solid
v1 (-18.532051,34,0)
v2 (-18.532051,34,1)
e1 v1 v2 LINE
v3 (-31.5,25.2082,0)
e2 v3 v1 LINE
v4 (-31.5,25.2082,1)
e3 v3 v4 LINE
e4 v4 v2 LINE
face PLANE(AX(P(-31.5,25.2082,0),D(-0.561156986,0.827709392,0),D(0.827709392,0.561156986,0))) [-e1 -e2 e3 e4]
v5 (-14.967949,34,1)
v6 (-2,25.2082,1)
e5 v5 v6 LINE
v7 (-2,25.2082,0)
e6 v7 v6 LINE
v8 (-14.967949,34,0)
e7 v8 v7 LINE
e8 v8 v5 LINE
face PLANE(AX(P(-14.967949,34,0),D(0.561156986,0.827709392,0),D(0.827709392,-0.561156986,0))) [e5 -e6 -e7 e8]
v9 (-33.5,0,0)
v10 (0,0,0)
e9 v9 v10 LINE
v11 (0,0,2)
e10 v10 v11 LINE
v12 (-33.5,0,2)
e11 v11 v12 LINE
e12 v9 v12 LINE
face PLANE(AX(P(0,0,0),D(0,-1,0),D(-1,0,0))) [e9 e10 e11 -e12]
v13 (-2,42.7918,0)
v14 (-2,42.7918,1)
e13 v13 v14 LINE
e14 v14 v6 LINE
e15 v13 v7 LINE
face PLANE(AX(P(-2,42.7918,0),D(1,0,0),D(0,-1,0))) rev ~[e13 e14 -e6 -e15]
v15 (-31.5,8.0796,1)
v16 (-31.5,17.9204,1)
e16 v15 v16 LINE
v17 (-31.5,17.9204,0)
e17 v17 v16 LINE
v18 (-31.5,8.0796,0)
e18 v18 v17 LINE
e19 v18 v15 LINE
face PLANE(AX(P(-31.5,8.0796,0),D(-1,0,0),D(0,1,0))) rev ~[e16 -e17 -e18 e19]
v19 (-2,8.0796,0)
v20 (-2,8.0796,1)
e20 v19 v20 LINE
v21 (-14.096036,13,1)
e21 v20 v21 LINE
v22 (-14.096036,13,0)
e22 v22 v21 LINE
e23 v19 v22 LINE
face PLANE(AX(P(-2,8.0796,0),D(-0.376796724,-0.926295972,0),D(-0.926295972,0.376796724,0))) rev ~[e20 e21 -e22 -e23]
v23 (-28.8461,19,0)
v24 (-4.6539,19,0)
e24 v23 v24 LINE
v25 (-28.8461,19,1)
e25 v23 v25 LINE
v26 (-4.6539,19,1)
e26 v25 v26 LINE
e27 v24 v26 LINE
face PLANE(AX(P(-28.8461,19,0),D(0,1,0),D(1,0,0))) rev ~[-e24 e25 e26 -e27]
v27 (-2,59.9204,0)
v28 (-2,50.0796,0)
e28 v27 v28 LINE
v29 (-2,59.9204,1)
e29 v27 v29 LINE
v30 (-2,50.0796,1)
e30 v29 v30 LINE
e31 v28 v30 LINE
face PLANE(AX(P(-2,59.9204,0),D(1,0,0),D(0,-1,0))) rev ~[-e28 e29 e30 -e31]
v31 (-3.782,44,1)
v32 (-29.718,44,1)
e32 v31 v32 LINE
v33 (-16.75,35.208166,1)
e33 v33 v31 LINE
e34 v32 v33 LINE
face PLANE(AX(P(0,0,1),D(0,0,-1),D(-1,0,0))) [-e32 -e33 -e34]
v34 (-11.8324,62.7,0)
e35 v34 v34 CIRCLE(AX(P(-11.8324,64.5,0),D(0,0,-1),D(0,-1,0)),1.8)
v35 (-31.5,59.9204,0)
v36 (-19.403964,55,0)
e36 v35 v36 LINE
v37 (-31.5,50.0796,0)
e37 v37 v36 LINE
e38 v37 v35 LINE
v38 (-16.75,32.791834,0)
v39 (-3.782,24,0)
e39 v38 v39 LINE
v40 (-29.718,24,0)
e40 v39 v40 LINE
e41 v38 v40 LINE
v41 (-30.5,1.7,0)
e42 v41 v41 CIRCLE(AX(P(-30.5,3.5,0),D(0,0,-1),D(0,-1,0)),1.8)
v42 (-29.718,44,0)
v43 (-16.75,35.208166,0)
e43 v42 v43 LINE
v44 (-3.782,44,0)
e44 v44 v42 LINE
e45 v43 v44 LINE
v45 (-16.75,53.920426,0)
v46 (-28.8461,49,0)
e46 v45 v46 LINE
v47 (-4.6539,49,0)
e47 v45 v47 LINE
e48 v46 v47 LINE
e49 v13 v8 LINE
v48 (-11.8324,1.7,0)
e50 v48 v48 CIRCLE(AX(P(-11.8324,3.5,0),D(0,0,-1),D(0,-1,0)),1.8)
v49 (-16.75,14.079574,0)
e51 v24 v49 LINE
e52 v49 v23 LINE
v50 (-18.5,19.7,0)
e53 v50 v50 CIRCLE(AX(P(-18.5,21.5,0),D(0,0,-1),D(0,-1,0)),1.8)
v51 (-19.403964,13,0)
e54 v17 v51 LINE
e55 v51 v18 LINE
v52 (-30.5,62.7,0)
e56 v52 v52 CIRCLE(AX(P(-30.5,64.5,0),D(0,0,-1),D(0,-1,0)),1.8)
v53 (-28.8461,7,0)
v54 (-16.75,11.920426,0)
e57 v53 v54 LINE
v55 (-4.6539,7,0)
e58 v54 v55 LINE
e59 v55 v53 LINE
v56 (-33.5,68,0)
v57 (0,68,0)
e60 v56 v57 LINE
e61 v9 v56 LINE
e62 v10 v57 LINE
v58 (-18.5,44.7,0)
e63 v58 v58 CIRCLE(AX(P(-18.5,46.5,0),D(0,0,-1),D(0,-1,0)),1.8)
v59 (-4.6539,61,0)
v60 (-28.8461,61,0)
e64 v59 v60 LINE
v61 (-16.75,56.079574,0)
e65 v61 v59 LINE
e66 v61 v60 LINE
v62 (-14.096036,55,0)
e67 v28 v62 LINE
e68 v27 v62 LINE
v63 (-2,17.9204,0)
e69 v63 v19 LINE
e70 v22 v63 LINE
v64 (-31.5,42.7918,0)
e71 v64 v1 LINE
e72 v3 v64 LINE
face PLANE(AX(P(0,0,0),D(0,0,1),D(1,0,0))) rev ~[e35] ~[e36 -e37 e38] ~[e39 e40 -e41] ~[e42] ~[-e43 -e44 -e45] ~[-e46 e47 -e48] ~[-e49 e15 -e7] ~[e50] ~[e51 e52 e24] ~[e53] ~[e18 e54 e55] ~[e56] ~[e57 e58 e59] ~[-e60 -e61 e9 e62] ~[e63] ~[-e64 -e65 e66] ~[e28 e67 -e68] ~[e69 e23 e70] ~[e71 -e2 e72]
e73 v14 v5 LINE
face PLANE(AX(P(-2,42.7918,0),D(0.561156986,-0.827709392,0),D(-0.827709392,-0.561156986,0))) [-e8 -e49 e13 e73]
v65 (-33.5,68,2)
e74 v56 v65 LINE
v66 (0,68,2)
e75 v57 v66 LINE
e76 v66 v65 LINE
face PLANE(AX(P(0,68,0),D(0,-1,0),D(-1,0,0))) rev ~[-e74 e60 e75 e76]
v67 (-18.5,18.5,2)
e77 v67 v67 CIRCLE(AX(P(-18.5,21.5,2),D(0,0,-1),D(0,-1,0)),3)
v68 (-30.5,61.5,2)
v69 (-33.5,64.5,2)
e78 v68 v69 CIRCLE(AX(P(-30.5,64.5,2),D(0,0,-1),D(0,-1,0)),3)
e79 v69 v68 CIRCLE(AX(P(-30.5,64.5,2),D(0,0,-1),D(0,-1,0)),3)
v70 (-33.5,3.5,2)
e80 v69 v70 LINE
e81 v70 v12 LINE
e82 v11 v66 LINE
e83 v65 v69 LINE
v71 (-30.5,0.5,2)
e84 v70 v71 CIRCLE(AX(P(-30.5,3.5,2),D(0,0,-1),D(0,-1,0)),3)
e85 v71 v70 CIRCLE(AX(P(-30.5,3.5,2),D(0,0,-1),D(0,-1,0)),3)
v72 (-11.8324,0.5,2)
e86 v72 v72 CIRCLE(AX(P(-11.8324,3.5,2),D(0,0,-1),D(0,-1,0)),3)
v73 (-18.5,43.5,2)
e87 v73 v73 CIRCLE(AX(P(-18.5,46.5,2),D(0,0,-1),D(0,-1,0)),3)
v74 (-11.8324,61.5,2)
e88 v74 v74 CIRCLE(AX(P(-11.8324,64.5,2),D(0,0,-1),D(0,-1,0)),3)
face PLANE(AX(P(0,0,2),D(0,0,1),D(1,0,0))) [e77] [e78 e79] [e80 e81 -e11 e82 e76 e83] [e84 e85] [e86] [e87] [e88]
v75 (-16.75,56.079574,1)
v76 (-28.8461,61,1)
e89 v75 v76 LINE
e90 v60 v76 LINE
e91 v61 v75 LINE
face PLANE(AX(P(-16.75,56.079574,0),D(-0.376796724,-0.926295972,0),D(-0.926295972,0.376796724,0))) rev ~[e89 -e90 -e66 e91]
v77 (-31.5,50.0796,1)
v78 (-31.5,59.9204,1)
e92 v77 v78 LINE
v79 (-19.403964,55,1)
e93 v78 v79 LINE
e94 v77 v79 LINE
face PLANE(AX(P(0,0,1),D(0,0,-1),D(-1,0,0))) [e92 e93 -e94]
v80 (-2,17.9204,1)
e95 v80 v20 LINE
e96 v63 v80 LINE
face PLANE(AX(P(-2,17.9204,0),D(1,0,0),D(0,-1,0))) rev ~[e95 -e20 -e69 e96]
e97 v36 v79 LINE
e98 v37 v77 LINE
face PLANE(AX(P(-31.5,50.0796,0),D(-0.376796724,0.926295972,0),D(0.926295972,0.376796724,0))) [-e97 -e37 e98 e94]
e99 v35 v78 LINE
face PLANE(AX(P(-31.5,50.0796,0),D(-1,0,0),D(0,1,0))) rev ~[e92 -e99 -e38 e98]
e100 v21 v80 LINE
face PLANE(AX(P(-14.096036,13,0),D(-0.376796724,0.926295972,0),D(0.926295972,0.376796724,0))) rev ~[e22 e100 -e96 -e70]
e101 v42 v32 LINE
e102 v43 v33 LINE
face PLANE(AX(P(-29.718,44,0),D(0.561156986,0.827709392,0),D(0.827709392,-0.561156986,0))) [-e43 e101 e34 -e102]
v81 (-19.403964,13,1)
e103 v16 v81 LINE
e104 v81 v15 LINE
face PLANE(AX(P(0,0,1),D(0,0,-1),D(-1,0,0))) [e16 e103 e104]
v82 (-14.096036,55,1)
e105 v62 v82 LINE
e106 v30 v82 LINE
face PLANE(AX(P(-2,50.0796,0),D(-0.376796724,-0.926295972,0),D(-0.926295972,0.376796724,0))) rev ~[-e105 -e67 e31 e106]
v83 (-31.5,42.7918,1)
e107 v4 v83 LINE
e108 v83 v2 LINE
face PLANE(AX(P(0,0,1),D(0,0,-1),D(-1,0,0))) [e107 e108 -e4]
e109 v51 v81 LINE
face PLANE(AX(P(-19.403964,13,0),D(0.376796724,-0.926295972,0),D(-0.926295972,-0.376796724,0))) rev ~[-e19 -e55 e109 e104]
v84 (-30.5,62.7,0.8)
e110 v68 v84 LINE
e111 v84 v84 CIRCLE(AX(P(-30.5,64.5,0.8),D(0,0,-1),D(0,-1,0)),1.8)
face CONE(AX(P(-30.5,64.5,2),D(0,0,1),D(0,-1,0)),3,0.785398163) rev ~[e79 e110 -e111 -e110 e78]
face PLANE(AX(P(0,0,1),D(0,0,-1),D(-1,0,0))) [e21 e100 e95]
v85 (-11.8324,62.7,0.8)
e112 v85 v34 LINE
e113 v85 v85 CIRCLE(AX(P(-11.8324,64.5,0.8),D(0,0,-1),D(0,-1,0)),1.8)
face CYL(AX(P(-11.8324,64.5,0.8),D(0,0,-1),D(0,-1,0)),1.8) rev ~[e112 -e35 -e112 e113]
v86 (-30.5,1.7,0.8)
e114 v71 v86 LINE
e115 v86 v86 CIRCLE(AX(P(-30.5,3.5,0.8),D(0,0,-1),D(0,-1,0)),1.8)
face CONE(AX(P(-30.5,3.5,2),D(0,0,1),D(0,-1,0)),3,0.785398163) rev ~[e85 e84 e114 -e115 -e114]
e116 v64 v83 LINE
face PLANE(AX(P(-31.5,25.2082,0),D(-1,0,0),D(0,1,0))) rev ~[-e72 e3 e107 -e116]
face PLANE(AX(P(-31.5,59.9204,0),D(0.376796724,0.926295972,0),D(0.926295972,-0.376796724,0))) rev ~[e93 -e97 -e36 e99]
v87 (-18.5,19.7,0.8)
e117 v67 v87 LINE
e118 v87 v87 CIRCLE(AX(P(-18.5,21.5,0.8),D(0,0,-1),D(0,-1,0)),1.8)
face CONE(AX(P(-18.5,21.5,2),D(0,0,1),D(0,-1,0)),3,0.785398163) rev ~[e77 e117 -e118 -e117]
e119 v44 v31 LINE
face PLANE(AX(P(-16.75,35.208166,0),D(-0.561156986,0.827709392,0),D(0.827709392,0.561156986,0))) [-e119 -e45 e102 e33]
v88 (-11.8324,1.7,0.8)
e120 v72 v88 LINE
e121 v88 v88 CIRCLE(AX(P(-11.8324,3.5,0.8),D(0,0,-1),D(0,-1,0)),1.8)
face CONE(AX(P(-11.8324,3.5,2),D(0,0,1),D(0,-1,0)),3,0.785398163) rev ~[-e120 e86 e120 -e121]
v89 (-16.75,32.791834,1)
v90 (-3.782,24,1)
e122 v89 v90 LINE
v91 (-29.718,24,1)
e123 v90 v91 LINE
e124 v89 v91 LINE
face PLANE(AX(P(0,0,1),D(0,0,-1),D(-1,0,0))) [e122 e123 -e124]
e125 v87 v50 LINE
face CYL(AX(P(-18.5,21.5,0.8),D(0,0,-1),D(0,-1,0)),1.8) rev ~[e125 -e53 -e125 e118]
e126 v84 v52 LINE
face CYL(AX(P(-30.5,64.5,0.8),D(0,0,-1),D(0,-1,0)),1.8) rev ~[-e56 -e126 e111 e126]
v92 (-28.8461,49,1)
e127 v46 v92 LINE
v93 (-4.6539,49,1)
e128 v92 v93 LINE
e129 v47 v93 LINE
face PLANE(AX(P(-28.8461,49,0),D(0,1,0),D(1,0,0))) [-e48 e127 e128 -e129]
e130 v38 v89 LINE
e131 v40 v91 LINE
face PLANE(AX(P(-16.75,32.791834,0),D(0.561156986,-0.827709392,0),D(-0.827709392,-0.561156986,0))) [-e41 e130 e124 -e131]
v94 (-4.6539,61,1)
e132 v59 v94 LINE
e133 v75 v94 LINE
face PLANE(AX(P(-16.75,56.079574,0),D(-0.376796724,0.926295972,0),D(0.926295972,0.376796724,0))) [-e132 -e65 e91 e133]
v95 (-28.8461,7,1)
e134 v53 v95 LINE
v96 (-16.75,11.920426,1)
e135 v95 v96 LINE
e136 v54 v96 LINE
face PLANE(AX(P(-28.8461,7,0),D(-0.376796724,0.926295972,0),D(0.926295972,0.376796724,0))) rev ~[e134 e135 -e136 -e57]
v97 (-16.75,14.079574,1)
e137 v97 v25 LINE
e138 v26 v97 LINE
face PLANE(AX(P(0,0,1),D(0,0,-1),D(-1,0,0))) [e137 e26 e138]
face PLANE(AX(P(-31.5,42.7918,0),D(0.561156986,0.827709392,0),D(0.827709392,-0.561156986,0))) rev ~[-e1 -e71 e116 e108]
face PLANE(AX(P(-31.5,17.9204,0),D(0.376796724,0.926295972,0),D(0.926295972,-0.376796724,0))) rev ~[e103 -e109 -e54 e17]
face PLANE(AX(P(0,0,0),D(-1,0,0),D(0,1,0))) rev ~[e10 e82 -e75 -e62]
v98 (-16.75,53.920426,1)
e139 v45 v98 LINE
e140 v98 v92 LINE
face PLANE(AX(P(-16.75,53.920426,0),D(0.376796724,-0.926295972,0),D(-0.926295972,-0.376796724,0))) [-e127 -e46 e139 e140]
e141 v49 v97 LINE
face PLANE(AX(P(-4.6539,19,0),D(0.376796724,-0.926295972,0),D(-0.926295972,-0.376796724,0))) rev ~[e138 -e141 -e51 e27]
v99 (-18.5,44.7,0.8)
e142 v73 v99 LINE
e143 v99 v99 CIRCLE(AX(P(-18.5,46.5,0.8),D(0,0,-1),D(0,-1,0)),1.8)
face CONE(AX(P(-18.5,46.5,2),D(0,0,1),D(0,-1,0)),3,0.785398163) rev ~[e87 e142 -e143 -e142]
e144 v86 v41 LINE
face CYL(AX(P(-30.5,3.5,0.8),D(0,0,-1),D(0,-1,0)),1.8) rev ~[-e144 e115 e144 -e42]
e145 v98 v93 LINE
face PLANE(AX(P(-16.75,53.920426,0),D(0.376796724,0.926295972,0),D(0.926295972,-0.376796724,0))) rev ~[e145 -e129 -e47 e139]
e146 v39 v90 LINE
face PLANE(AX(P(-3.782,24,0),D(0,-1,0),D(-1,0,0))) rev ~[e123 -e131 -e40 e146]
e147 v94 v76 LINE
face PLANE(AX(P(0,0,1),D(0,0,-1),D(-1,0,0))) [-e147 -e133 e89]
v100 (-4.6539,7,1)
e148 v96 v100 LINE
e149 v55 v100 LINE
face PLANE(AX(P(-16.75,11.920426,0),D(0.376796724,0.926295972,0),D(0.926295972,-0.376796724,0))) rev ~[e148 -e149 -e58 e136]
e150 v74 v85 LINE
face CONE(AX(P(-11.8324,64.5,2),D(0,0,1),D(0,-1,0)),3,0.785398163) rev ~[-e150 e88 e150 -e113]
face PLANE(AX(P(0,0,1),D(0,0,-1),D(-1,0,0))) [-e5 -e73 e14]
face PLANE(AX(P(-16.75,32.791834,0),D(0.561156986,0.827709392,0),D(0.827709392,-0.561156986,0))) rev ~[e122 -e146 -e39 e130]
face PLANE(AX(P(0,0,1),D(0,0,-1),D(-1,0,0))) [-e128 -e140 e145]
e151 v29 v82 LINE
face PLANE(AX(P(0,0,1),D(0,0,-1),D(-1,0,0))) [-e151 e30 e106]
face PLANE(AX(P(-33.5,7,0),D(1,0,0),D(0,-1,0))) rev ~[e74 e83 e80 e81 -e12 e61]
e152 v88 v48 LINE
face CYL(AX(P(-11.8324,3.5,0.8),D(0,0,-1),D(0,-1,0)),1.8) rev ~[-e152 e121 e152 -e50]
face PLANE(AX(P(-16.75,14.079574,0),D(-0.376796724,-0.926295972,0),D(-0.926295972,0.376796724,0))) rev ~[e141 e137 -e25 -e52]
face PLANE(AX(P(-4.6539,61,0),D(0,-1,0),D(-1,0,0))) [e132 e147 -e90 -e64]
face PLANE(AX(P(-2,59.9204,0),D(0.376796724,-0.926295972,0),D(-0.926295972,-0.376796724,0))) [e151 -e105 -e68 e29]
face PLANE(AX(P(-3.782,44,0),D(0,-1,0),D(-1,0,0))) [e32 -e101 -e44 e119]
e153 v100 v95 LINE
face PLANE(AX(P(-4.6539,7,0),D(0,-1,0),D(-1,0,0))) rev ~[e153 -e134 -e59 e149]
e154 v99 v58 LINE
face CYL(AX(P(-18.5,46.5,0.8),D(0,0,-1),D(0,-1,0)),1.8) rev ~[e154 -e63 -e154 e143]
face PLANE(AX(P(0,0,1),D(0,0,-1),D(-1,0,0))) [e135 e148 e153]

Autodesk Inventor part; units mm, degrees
ref_plane "YZ Plane" through (0, 0, 0) normal (1, 0, 0) x (0, 1, 0)
ref_plane "XZ Plane" through (0, 0, 0) normal (0, 1, 0) x (-1, 0, 0)
ref_plane "Work Plane1" through (0, 0, 0) normal (0, 0, 1) x (1, 0, 0)
sketch "Sketch1" plane through (0, 0, 0) normal (0, 0, 1) x (1, 0, 0)
  line L0 (0, 0) -> (0, 68) projected
  line L1 (-3.5, 0) -> (-3.5, 68) projected
  line L2 (0, 0) -> (-3.5, 0) projected
  line L3 (-3.5, 7) -> (-3.5, 0) projected
  line L4 (-3.5, 7) -> (-33.5, 7) projected
  line L5 (-33.5, 7) -> (-33.5, 0) projected
  line L6 (-6.5, 0) -> (-33.5, 0) projected
  line L7 (-3.5, 0) -> (-6.5, 0) projected
  line L8 (-33.5, 19) -> (-33.5, 24) projected
  line L9 (-33.5, 19) -> (-3.5, 19) projected
  line L10 (-3.5, 19) -> (-3.5, 24) projected
  line L11 (-3.5, 24) -> (-33.5, 24) projected
  line L12 (-33.5, 49) -> (-33.5, 44) projected
  line L13 (-3.5, 44) -> (-33.5, 44) projected
  line L14 (-3.5, 49) -> (-3.5, 44) projected
  line L15 (-33.5, 49) -> (-3.5, 49) projected
  line L16 (-3.5, 61) -> (-3.5, 68) projected
  line L17 (-3.5, 68) -> (-6.5, 68) projected
  line L18 (-6.5, 68) -> (-33.5, 68) projected
  line L19 (-33.5, 61) -> (-33.5, 68) projected
  line L20 (-3.5, 61) -> (-33.5, 61) projected
  line L21 (-34.5, 123) -> (10.5, 123) projected
  line L22 (10.5, -55) -> (-34.5, -55) projected
  line L23 (-33.5, 123) -> (-33.5, -55.3182)
  circle A0 centre (-30.5, 64.5) radius 2.3 projected
  circle A1 centre (-11.8324, 64.5) radius 2.3 projected
  circle A2 centre (-18.5, 21.5) radius 2.3 projected
  circle A3 centre (-18.5, 46.5) radius 2.3 projected
  line L24 (0, -55) -> (0, 123)
  line L25 (0, 68) -> (-3.5, 68) projected
  point P0 (-33.5, -55)
  dimension "d10" = 0
  dimension "d41" = 0
extrude "Extrusion1" add sketch "Sketch1" along normal blind 2 contours L2 L1 L25 L0 | L7 L6 L5 L4 L1 | L1 L20 L19 L18 L17 | L4 L23 L9 L1 | L1 L15 L23 L20 | L9 L8 L11 L1 | L1 L13 L12 L15 | L11 L23 L13 L1 | A0 | A1 | A2 | A3
sketch "Sketch2" plane through (0, 0, 2) normal (0, 0, 1) x (1, 0, 0)
  circle A0 centre (-30.5, 3.5) radius 2.3 projected
  circle A1 centre (-11.8324, 3.5) radius 2.3 projected
  line L0 (-3.5, 7) -> (-3.5, 0) projected
  line L1 (-3.5, 7) -> (-33.5, 7) projected
  line L2 (-33.5, 7) -> (-33.5, 0) projected
  line L3 (-6.5, 0) -> (-33.5, 0) projected
  line L4 (-3.5, 0) -> (-6.5, 0) projected
  circle A2 centre (-18.5, 46.5) radius 2.3 projected
  line L5 (-33.5, 49) -> (-33.5, 44) projected
  line L6 (-3.5, 44) -> (-33.5, 44) projected
  line L7 (-3.5, 49) -> (-3.5, 44) projected
  line L8 (-33.5, 49) -> (-3.5, 49) projected
  circle A3 centre (-18.5, 21.5) radius 2.3 projected
  line L9 (-33.5, 19) -> (-33.5, 24) projected
  line L10 (-33.5, 19) -> (-3.5, 19) projected
  line L11 (-3.5, 19) -> (-3.5, 24) projected
  line L12 (-3.5, 24) -> (-33.5, 24) projected
  circle A4 centre (-30.5, 64.5) radius 2.3 projected
  circle A5 centre (-11.8324, 64.5) radius 2.3 projected
  line L13 (-3.5, 61) -> (-3.5, 68) projected
  line L14 (-3.5, 68) -> (-6.5, 68) projected
  line L15 (-6.5, 68) -> (-33.5, 68) projected
  line L16 (-33.5, 61) -> (-33.5, 68) projected
  line L17 (-3.5, 61) -> (-33.5, 61) projected
  point P0 (0, 0)
hole "Hole1" at (-30.5, 3.5, 2) at (-11.8324, 3.5, 2) at (-18.5, 21.5, 2) at (-18.5, 46.5, 2) at (-30.5, 64.5, 2) at (-11.8324, 64.5, 2) direction (0, 0, -1) diameter 3.6 end through all countersink diameter 6 countersink angle 90 clearance for "Countersunk Flat Head Screw ISO 2009/7046" size "M3" standard "ISO"
sketch "Sketch3" plane through (0, 0, 0) normal (0, 0, -1) x (-1, 0, 0)
  circle A0 centre (30.5, 3.5) radius 2.3 projected
  circle A1 centre (11.8324, 3.5) radius 2.3 projected
  line L0 (3.5, 7) -> (3.5, 0) projected
  line L1 (3.5, 7) -> (33.5, 7) projected
  line L2 (33.5, 7) -> (33.5, 0) projected
  line L3 (6.5, 0) -> (33.5, 0) projected
  line L4 (3.5, 0) -> (6.5, 0) projected
  circle A2 centre (18.5, 21.5) radius 2.3 projected
  line L5 (33.5, 19) -> (33.5, 24) projected
  line L6 (33.5, 19) -> (3.5, 19) projected
  line L7 (3.5, 19) -> (3.5, 24) projected
  line L8 (3.5, 24) -> (33.5, 24) projected
  circle A3 centre (18.5, 46.5) radius 2.3 projected
  line L9 (33.5, 49) -> (33.5, 44) projected
  line L10 (3.5, 44) -> (33.5, 44) projected
  line L11 (3.5, 49) -> (3.5, 44) projected
  line L12 (33.5, 49) -> (3.5, 49) projected
  circle A4 centre (30.5, 64.5) radius 2.3 projected
  circle A5 centre (11.8324, 64.5) radius 2.3 projected
  line L13 (3.5, 61) -> (3.5, 68) projected
  line L14 (3.5, 68) -> (6.5, 68) projected
  line L15 (6.5, 68) -> (33.5, 68) projected
  line L16 (33.5, 61) -> (33.5, 68) projected
  line L17 (3.5, 61) -> (33.5, 61) projected
  line L18 (33.5, 123) -> (33.5, -55)
  line L19 (33.5, 68) -> (0, 68)
  line L20 (0, 68) -> (0, 0)
  line L21 (0, 0) -> (33.5, 0)
  line L22 (33.5, 0) -> (33.5, 68)
  line L23 (31.5, 68) -> (2, 68)
  line L24 (2, 68) -> (2, 121)
  line L25 (2, 121) -> (31.5, 121)
  line L26 (31.5, 121) -> (31.5, 68)
  line L27 (31.5, 0) -> (2, 0)
  line L28 (2, 0) -> (2, -53)
  line L29 (2, -53) -> (31.5, -53)
  line L30 (31.5, -53) -> (31.5, 0)
  line L31 (0, 123) -> (33.5, 123)
  line L32 (0, -55) -> (0, 123)
  line L33 (33.5, -55) -> (0, -55)
  line L34 (2, 68) -> (31.5, 121) construction
  line L35 (31.5, 68) -> (2, 121) construction
  line L36 (31.5, 0) -> (2, -53) construction
  line L37 (31.5, -53) -> (2, 0) construction
  line L38 (3.1445, 121) -> (31.5, 70.0562)
  line L39 (2, 118.9438) -> (30.3555, 68)
  line L40 (3.1445, 68) -> (31.5, 118.9438)
  line L41 (30.3555, 121) -> (2, 70.0562)
  line L42 (3.1445, 0) -> (31.5, -50.9438)
  line L43 (30.3555, -53) -> (2, -2.0562)
  line L44 (2, -50.9438) -> (30.3555, 0)
  line L45 (31.5, -2.0562) -> (3.1445, -53)
  line L46 (31.5, 61) -> (2, 61)
  line L47 (2, 61) -> (2, 49)
  line L48 (2, 49) -> (31.5, 49)
  line L49 (31.5, 49) -> (31.5, 61)
  line L50 (31.5, 44) -> (2, 44)
  line L51 (2, 44) -> (2, 24)
  line L52 (2, 24) -> (31.5, 24)
  line L53 (31.5, 24) -> (31.5, 44)
  line L54 (31.5, 19) -> (2, 19)
  line L55 (2, 19) -> (2, 7)
  line L56 (2, 7) -> (31.5, 7)
  line L57 (31.5, 7) -> (31.5, 19)
  line L58 (31.5, 61) -> (2, 49) construction
  line L59 (31.5, 49) -> (2, 61) construction
  line L60 (2, 44) -> (31.5, 24) construction
  line L61 (31.5, 44) -> (2, 24) construction
  line L62 (2, 19) -> (31.5, 7) construction
  line L63 (31.5, 19) -> (2, 7) construction
  line L64 (2, 50.0796) -> (28.8461, 61)
  line L65 (31.5, 59.9204) -> (4.6539, 49)
  line L66 (31.5, 50.0796) -> (4.6539, 61)
  line L67 (2, 59.9204) -> (28.8461, 49)
  line L68 (29.718, 44) -> (2, 25.2082)
  line L69 (31.5, 42.7918) -> (3.782, 24)
  line L70 (2, 42.7918) -> (29.718, 24)
  line L71 (31.5, 25.2082) -> (3.782, 44)
  line L72 (31.5, 17.9204) -> (4.6539, 7)
  line L73 (2, 8.0796) -> (28.8461, 19)
  line L74 (4.6539, 19) -> (31.5, 8.0796)
  line L75 (28.8461, 7) -> (2, 17.9204)
  line L76 (33.5, 68) -> (33.5, 0) projected
  line L77 (33.5, 3.5) -> (33.5, 0) projected
  line L78 (33.5, 64.5) -> (33.5, 3.5) projected
  line L79 (33.5, 68) -> (33.5, 64.5) projected
  line L80 (34.5, -55) -> (-10.5, -55) projected
  point P0 (16.75, -24.4438)
  point P1 (30.3555, 0)
  point P2 (3.1445, 0)
  point P3 (17.8945, -26.5)
  point P4 (16.75, -28.5562)
  point P5 (15.6055, -26.5)
  point P6 (16.75, 92.4438)
  point P7 (30.3555, 68)
  point P8 (15.6055, 94.5)
  point P9 (17.8945, 94.5)
  point P10 (16.75, 96.5562)
  point P11 (19.4039, 13)
  point P12 (28.8461, 7)
  point P13 (16.75, 11.9204)
  point P14 (4.6539, 7)
  point P15 (14.0961, 13)
  point P16 (16.75, 14.0796)
  point P17 (28.8461, 19)
  point P18 (29.718, 24)
  point P19 (16.75, 32.7918)
  point P20 (3.782, 24)
  point P21 (18.532, 34)
  point P22 (14.968, 34)
  point P23 (3.782, 44)
  point P24 (16.75, 35.2082)
  point P25 (14.0961, 55)
  point P26 (4.6539, 49)
  point P27 (16.75, 56.0796)
  point P28 (28.8461, 61)
  point P29 (19.4039, 55)
  point P30 (16.75, 53.9204)
  dimension "d11" = 2
  dimension "d12" = 2
  dimension "d13" = 2
  dimension "d14" = 2
  dimension "d15" = 2
  dimension "d16" = 2
  dimension "d17" = 1
  dimension "d18" = 1
  dimension "d19" = 1
  dimension "d20" = 1
  dimension "d21" = 1
  dimension "d22" = 1
  dimension "d23" = 1
  dimension "d24" = 1
  dimension "d27" = 2
  dimension "d28" = 2
  dimension "d29" = 1
  dimension "d30" = 1
  dimension "d31" = 1
  dimension "d32" = 1
  dimension "d33" = 1
  dimension "d34" = 1
  dimension "d35" = 1
  dimension "d36" = 1
  dimension "d37" = 1
  dimension "d38" = 1
  dimension "d39" = 1
  dimension "d40" = 1
  dimension "d42" = 0
extrude "Extrusion2" cut sketch "Sketch3" against normal blind 1 contours L4 L3 L44 L42 L21 | L72 L75 L1 | L55 L75 L73 | L72 L57 L74 | L43 L44 L28 | L45 L30 L42 | L74 L6 L73 | L43 L29 L45 | L40 L39 L15 L14 L19 | L24 L39 L41 | L69 L70 L8 | L71 L69 L53 | L51 L70 L68 | L40 L26 L38 | L38 L25 L41 | L68 L71 L10 | L17 L64 L66 | L12 L65 L67 | L66 L65 L49 | L67 L64 L47
properties part number "back" material "ABS Plastic"
